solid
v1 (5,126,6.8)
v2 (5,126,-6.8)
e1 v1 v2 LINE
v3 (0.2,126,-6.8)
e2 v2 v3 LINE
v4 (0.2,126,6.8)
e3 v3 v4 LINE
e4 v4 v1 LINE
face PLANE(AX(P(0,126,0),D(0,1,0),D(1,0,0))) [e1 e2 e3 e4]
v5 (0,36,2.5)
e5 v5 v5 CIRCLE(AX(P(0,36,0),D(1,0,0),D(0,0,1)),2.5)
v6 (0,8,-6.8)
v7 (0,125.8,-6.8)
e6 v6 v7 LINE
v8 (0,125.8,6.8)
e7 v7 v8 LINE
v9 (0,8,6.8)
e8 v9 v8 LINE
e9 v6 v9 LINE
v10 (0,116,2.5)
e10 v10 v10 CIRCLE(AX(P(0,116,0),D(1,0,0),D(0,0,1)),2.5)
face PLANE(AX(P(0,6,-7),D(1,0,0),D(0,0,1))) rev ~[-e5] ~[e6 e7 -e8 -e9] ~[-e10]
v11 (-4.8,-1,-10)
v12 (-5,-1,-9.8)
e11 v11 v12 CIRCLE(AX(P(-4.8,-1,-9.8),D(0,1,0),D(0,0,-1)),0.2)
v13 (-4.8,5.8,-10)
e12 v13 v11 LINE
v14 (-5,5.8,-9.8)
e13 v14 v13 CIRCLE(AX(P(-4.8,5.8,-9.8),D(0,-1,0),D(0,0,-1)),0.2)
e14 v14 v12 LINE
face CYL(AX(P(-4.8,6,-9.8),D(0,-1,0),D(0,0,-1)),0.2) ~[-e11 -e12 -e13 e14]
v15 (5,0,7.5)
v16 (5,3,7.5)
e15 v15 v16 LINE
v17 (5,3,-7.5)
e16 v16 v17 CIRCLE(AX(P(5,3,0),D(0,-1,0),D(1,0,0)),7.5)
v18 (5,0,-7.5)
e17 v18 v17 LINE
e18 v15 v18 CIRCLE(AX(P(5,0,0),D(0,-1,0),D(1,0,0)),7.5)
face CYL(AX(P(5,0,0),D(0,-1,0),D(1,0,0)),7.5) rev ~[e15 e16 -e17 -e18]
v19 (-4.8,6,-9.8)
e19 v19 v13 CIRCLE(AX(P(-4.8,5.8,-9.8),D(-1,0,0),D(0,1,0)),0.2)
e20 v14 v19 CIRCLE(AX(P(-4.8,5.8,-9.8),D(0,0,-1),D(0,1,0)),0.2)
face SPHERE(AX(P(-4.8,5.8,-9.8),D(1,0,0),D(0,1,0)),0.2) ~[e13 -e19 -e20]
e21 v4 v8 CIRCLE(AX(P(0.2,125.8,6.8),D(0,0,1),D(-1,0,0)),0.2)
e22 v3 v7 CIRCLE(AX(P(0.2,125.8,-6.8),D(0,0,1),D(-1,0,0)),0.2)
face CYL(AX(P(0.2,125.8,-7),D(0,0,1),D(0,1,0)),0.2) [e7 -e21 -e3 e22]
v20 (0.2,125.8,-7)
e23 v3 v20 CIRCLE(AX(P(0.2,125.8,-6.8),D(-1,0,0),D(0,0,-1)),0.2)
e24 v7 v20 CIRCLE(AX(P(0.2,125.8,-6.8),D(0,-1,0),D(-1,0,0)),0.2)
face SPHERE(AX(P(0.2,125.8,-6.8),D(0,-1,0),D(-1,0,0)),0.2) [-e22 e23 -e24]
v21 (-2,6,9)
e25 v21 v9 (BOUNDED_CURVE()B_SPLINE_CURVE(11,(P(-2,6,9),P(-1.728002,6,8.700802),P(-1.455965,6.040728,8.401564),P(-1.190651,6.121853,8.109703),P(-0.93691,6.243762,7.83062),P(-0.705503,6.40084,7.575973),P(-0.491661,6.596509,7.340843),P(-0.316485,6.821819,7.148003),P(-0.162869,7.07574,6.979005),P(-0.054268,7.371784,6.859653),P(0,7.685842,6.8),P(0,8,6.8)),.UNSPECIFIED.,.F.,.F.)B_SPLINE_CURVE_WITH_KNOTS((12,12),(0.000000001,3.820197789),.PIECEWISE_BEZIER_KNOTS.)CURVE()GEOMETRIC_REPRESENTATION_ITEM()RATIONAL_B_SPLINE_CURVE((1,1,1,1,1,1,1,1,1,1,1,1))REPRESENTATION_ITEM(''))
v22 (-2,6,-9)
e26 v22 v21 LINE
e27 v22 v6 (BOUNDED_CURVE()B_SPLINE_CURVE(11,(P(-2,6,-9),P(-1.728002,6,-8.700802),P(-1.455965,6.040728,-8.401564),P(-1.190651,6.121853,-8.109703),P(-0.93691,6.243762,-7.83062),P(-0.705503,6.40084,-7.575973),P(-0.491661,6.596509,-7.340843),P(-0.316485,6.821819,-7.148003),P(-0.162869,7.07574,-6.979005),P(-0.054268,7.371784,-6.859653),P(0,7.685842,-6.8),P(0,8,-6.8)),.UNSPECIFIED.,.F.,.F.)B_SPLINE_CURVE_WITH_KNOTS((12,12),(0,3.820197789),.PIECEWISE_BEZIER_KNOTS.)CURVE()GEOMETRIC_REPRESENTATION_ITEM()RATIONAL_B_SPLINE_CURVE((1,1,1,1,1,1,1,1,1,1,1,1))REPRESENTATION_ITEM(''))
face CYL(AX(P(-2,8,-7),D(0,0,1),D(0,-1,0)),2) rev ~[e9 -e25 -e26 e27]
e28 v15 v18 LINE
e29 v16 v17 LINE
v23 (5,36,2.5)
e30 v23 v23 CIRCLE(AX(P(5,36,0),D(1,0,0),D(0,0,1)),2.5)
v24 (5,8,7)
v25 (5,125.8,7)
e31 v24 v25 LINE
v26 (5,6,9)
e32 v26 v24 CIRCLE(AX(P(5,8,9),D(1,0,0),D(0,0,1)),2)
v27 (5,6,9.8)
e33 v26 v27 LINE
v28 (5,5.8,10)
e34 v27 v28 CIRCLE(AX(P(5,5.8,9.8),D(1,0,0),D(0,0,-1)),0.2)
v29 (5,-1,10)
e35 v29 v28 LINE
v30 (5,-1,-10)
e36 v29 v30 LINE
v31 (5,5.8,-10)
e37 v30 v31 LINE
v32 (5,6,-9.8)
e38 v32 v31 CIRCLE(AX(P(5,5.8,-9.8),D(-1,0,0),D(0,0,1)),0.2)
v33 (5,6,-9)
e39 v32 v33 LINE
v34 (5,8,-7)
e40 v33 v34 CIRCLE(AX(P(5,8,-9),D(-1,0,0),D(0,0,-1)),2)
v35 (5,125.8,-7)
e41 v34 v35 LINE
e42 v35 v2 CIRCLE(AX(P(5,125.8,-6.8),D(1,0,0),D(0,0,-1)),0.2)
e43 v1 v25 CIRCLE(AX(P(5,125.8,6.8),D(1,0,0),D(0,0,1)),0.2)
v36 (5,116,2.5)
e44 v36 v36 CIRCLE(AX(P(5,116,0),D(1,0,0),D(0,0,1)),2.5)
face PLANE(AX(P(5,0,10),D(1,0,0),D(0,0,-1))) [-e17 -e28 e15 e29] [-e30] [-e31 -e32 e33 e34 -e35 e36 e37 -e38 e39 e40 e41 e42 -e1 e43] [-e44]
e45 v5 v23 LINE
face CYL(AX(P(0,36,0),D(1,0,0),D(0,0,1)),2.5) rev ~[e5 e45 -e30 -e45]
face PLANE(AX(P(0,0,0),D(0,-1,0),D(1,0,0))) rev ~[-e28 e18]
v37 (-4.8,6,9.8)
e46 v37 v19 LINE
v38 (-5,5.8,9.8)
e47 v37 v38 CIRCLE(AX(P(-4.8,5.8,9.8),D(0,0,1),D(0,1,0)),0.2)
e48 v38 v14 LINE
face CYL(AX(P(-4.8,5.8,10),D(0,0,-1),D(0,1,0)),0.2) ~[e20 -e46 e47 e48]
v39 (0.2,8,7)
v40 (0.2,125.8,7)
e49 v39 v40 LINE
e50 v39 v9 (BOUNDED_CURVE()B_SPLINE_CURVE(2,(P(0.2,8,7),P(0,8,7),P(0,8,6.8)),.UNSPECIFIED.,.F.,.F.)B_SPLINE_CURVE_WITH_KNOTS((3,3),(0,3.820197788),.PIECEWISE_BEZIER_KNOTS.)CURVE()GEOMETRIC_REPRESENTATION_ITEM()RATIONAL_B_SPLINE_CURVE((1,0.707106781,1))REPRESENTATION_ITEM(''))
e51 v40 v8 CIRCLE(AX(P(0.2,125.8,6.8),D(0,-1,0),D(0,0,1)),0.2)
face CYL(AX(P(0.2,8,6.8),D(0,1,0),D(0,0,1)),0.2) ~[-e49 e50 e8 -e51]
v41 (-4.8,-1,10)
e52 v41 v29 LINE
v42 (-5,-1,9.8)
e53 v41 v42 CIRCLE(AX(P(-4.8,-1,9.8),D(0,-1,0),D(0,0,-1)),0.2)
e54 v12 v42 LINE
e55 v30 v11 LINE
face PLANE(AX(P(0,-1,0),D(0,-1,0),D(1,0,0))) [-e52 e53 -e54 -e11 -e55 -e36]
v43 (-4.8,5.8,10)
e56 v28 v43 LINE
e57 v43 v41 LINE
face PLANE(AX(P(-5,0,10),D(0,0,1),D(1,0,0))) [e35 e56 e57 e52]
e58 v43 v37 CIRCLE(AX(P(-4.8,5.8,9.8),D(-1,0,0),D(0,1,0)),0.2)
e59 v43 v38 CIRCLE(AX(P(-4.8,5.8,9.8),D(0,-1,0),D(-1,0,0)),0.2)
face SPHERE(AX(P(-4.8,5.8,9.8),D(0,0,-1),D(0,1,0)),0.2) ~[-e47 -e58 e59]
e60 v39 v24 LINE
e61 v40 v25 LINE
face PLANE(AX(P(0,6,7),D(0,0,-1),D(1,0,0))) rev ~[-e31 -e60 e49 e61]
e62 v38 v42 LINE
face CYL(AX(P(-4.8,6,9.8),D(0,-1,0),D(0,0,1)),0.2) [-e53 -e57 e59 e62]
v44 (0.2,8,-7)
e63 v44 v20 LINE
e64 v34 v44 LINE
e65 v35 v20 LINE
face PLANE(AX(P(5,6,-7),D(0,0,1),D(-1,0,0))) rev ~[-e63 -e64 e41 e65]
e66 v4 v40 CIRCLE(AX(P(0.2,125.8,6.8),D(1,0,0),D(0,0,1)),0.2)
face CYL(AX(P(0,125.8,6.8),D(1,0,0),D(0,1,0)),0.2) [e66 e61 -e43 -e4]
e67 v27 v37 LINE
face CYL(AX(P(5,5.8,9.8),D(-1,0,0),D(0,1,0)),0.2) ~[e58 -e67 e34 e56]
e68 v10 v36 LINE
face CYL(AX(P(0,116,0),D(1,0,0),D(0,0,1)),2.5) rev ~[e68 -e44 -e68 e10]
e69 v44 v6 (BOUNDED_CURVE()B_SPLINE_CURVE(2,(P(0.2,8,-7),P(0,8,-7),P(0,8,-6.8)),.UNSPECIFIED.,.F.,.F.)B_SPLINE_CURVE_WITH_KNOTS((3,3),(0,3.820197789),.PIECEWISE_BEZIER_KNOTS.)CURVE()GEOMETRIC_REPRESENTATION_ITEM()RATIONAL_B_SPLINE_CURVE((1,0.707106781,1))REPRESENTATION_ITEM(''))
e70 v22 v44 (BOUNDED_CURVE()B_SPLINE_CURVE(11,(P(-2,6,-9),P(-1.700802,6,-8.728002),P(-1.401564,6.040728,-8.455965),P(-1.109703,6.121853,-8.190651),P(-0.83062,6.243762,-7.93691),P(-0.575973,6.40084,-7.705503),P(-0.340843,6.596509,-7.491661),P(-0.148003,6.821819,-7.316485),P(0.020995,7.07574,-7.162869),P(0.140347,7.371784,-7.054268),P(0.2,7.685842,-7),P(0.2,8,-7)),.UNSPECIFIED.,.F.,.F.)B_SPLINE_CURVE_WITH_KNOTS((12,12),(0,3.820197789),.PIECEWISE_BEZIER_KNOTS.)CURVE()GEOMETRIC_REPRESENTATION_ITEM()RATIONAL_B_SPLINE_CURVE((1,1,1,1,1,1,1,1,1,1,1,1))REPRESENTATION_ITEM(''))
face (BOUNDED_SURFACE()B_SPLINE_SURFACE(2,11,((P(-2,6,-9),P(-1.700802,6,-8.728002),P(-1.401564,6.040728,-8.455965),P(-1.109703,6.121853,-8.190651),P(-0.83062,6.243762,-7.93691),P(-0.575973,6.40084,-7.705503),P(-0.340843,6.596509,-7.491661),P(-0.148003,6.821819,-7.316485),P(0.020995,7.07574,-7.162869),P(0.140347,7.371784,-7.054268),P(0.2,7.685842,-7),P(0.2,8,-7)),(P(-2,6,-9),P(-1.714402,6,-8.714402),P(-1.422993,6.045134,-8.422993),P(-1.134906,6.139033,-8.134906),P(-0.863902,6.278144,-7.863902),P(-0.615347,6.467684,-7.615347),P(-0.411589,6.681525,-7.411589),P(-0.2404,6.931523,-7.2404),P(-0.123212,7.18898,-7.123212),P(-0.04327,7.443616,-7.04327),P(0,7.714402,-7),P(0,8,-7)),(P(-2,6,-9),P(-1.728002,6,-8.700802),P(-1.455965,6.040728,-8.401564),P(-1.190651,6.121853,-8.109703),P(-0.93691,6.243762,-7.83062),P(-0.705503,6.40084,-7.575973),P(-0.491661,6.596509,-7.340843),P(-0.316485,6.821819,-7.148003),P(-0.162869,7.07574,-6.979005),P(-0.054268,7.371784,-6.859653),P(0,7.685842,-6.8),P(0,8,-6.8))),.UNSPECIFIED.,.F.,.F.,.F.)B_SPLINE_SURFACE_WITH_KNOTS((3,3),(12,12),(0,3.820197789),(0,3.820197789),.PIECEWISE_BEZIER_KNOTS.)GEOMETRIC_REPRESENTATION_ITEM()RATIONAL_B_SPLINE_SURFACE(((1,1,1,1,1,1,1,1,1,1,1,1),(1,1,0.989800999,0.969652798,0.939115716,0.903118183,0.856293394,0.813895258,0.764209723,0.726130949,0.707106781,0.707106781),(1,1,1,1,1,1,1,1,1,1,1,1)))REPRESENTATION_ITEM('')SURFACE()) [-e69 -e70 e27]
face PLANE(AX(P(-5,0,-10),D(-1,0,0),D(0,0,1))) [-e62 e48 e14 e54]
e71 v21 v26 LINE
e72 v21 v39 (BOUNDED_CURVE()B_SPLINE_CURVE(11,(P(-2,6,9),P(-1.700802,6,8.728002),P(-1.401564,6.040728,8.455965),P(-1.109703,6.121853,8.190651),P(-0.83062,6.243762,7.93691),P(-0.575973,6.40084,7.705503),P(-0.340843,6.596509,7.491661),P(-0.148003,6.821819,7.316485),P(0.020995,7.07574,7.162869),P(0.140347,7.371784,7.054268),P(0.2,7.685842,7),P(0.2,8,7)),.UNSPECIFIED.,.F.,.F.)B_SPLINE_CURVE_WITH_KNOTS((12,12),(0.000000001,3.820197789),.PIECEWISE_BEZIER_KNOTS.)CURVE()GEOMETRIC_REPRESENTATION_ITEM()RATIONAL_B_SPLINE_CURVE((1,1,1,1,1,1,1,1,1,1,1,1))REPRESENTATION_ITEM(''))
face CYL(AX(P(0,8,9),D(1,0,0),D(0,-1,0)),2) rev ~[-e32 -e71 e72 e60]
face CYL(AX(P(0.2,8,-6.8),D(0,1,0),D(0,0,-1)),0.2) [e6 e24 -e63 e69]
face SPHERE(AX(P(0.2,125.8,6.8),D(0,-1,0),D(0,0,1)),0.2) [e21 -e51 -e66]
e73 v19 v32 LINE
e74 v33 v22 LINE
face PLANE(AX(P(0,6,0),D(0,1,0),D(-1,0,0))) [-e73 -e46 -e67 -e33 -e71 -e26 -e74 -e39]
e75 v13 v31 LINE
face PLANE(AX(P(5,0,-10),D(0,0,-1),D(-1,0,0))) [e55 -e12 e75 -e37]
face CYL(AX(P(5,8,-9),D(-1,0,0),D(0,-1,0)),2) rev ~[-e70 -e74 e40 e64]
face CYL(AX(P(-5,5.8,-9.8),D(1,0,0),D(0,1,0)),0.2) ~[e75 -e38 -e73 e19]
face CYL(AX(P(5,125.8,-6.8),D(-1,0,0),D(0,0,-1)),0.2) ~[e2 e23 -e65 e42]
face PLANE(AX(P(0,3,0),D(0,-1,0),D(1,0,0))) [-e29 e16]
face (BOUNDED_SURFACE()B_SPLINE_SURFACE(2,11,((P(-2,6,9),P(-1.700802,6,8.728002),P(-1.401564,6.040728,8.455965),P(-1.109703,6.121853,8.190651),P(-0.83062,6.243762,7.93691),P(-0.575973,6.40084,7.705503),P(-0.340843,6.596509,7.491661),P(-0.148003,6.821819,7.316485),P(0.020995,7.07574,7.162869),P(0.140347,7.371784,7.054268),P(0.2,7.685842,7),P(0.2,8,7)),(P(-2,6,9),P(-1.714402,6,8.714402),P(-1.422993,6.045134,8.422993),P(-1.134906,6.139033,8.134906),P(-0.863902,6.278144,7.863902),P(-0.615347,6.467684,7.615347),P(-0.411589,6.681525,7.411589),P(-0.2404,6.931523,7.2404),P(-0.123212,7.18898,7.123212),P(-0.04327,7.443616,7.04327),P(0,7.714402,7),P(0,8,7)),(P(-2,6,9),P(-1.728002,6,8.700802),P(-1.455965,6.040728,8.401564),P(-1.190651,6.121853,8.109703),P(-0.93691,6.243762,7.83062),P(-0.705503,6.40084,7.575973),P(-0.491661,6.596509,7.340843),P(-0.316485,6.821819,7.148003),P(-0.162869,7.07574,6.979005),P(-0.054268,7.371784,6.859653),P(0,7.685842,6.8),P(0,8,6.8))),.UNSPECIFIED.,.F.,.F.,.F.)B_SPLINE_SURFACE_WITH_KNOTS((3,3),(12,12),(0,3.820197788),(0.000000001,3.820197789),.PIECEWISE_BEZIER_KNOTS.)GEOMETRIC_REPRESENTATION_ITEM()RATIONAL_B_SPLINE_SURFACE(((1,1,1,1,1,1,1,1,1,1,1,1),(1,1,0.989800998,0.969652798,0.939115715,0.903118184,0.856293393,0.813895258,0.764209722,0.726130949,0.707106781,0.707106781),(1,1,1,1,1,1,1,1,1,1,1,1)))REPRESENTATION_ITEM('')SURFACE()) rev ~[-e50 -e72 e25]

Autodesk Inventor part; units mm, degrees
ref_plane "YZ Plane" through (0, 0, 0) normal (1, 0, 0) x (0, 1, 0)
ref_plane "XZ Plane" through (0, 0, 0) normal (0, 1, 0) x (-1, 0, 0)
ref_plane "XY Plane" through (0, 0, 0) normal (0, 0, 1) x (1, 0, 0)
sketch "スケッチ1" plane through (0, 0, 0) normal (0, 1, 0) x (-1, 0, 0)
  line L0 (5, -10) -> (-5, -10)
  line L1 (-5, -10) -> (-5, 10)
  line L2 (-5, 10) -> (5, 10)
  line L3 (5, 10) -> (5, -10)
  line L4 (5, -10) -> (-5, 10) construction
  line L5 (-5, -10) -> (5, 10) construction
  point P0 (0, 0)
  dimension "d0" = 10
  dimension "d1" = 20
extrude "押し出し1" add sketch "スケッチ1" along normal blind 6
sketch "スケッチ2" plane through (0, 0, 0) normal (0, -1, 0) x (1, 0, 0)
  line L0 (5, 10) -> (5, -10) projected
  circle A0 centre (5, 0) radius 7.5
  point P0 (0, 0)
  point P1 (5, -7.5)
  point P2 (5, 7.5)
  dimension "d4" = 15
extrude "押し出し2" cut sketch "スケッチ2" against normal blind 3 contours L0 A0 picked at (1.9199, 0.374)
sketch "スケッチ3" plane through (0, 0, 0) normal (0, -1, 0) x (1, 0, 0)
  line L0 (-5, 10) -> (5, 10)
  line L1 (5, 10) -> (5, -10)
  line L2 (5, -10) -> (-5, -10)
  line L3 (-5, -10) -> (-5, 10)
  line L4 (-5, 10) -> (5, -10) construction
  line L5 (5, 10) -> (-5, -10) construction
  point P0 (0, 0)
  dimension "d7" = 10
  dimension "d8" = 20
extrude "押し出し3" add sketch "スケッチ3" along normal blind 1
sketch "スケッチ4" plane through (0, 6, 0) normal (0, 1, 0) x (1, 0, 0)
  line L0 (5, 7) -> (0, 7)
  line L1 (0, 7) -> (0, -7)
  line L2 (0, -7) -> (5, -7)
  line L3 (5, -7) -> (5, 7)
  line L4 (5, -10) -> (5, 10) projected
  point P0 (0, 0)
  dimension "d11" = 5
  dimension "d12" = 14
  dimension "d13" = 5
  dimension "d14" = 7
extrude "押し出し4" add sketch "スケッチ4" along normal blind 120
fillet "フィレット1" radius 2 3 edges at (2.5, 6, 7) (2.5, 6, -7) (0, 6, 0)
fillet "フィレット2" radius 0.2 12 edges at (-0.5858, 6.5858, -7.5858) (0, 67, -7) (-0.5858, 6.5858, 7.5858) (0, 67, 7) (2.5, 126, 7) (0, 126, 0) (2.5, 126, -7) (0, 6, -10) (-5, 6, 0) (0, 6, 10) (-5, 2.5, 10) (-5, 2.5, -10)
sketch "スケッチ5" plane through (0, 8, 6.8) normal (-1, 0, 0) x (0, 0, 1)
  line L0 (3, -2) -> (-16.6, -2) projected
  line L1 (-13.8, 117.8) -> (-13.8, 0) projected
  point P0 (-6.8, -8)
  point P1 (-6.8, 28)
  point P2 (-6.8, 108)
  dimension "d19" = 30
  dimension "d20" = 80
  dimension "d21" = 7
  dimension "d22" = 7
hole "穴1" at (0, 36, 0) at (0, 116, 0) direction (1, 0, 0) diameter 5 end through all
properties part number "baseB"
